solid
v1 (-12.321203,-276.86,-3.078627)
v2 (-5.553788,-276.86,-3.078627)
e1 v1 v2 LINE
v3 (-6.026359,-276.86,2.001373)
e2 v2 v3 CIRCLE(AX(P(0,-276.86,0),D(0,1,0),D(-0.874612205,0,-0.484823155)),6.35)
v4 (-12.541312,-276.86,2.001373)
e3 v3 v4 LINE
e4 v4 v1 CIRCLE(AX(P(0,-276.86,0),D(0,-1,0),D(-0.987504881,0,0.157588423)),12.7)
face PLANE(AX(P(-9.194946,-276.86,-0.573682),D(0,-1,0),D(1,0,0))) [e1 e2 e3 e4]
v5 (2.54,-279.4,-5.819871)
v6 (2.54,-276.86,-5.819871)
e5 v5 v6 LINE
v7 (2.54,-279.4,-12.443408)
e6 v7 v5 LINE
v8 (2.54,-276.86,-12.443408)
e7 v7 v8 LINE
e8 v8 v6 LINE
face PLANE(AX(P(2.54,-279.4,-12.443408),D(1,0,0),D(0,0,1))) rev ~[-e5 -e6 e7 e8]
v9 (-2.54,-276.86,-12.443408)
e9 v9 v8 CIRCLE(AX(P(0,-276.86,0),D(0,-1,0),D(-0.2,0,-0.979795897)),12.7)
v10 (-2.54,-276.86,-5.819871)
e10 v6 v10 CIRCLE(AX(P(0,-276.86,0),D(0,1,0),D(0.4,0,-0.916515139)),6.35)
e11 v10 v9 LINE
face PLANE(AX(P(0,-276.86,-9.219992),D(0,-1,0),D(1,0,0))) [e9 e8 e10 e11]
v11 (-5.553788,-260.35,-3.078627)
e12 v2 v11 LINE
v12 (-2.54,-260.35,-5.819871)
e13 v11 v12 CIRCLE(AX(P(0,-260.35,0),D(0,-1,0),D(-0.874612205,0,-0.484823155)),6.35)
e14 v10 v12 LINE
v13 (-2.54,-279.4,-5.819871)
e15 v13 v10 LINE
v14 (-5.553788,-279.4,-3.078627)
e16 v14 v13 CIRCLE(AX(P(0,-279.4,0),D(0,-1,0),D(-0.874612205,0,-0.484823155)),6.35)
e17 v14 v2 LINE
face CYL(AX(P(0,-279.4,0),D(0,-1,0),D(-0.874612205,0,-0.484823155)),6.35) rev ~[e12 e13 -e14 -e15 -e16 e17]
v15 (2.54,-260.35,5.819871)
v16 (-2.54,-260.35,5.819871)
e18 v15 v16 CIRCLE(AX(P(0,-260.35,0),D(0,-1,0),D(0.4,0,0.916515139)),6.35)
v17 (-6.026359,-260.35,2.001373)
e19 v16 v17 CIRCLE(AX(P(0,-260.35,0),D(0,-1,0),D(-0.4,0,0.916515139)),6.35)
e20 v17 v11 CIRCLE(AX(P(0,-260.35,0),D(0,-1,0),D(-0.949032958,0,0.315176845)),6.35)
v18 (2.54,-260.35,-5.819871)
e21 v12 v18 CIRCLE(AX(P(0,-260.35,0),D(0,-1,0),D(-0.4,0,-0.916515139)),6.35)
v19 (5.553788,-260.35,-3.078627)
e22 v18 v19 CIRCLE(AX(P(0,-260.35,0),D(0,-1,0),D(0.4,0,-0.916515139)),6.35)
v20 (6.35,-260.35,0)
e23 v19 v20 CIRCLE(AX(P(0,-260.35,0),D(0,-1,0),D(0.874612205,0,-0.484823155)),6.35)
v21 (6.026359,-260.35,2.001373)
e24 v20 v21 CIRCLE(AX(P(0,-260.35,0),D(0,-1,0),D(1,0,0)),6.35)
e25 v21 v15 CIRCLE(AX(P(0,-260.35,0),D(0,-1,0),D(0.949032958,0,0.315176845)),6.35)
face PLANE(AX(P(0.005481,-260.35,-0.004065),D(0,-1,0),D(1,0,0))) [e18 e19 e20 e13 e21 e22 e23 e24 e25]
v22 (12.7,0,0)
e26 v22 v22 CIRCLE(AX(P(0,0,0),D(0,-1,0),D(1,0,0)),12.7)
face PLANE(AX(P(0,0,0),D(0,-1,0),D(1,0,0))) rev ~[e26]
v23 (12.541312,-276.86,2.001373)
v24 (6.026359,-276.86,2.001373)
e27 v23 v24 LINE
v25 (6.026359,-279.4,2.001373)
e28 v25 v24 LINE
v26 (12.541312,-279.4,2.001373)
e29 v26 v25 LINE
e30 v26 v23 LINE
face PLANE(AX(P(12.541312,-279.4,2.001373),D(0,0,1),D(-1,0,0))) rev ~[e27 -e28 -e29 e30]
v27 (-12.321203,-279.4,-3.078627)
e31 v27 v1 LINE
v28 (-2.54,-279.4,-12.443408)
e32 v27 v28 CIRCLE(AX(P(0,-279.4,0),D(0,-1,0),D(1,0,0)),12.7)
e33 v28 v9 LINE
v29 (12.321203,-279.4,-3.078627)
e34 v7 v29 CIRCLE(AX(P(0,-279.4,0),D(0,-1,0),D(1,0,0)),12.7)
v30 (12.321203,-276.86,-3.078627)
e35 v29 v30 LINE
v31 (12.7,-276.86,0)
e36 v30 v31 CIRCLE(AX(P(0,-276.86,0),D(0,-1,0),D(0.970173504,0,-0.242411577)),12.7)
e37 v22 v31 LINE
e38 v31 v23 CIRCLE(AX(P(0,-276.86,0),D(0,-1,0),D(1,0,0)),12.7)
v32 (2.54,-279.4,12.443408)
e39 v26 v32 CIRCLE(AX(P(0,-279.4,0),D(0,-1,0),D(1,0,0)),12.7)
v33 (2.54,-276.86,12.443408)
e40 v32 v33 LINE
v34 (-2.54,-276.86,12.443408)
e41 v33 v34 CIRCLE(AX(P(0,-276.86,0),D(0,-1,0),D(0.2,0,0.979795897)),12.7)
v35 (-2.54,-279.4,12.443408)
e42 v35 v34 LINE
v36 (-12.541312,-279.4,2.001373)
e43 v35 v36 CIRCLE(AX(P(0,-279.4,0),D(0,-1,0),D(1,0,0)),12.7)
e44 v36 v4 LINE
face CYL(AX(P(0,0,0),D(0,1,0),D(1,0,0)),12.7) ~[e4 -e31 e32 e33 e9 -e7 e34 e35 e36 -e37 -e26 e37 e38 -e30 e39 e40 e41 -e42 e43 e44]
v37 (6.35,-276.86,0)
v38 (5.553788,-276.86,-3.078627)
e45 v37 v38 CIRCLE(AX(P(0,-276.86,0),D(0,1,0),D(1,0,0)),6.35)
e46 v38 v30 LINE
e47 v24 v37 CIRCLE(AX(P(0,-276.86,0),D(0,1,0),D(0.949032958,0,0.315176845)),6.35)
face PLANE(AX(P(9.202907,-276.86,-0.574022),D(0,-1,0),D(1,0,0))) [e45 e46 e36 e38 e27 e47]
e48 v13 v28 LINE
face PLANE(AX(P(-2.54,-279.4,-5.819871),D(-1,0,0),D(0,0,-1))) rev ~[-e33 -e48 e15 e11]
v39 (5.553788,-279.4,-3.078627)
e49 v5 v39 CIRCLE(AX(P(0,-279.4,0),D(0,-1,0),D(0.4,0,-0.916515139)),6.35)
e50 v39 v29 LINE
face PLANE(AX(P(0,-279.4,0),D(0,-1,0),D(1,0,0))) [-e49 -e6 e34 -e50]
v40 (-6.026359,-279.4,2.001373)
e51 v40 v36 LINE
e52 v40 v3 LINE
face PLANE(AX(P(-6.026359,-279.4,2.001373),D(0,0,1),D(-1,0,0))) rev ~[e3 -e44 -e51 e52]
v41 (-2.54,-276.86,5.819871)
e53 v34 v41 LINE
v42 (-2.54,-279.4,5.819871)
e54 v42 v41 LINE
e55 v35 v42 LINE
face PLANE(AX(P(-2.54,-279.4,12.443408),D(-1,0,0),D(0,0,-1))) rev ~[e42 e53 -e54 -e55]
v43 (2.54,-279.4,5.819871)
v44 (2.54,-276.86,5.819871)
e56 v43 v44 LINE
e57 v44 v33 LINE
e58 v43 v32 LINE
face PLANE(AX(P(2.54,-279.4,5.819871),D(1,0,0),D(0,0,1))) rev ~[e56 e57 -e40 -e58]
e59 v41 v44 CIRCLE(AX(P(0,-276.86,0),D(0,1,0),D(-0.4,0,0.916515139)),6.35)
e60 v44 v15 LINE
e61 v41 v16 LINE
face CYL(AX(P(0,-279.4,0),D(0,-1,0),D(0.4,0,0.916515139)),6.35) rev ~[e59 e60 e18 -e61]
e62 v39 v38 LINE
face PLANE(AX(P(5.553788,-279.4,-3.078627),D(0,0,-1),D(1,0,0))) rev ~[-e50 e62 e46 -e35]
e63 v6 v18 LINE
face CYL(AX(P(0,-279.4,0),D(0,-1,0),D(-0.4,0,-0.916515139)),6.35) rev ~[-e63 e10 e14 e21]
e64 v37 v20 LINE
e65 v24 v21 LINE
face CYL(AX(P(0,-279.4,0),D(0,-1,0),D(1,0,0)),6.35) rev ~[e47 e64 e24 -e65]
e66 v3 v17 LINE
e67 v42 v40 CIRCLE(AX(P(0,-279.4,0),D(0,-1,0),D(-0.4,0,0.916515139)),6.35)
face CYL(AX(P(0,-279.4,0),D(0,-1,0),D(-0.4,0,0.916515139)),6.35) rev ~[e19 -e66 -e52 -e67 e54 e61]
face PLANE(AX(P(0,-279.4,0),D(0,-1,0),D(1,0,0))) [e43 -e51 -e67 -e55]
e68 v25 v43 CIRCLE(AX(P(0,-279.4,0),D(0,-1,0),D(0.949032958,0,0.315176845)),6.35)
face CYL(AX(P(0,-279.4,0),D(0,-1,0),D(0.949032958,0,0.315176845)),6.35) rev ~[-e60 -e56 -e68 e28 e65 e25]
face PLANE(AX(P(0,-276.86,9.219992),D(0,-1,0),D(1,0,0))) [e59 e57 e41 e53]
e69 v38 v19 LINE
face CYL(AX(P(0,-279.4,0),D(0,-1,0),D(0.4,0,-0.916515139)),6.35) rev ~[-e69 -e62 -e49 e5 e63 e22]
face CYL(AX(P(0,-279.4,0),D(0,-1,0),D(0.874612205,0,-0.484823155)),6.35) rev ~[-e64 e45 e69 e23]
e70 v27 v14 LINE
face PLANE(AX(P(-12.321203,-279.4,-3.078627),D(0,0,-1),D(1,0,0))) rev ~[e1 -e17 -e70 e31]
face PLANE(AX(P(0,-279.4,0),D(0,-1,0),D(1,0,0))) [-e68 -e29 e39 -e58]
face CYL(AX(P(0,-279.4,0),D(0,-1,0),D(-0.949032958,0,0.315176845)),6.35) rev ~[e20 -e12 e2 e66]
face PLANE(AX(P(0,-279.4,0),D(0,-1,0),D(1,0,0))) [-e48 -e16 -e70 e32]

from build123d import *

# Parameters (mm, degrees)
F0_R     = 12.7
F1_DEPTH = 279.4
F3_DEPTH = 2.54
F4_DEPTH = 19.05


with BuildPart() as f1:
    # F0 (on Front) → F1 (new body)
    with BuildSketch(Plane.XZ):
        Circle(F0_R)
    extrude(amount=F1_DEPTH)

    # F2 (on face) → F3 (cut)
    with BuildSketch(Plane.XZ.offset(279.4)):
        with BuildLine():
            ThreePointArc((-5.5537875001, -3.0786270322), (-6.3227011551, -0.5881752316), (-6.026359286, 2.0013729678))
            Line((-6.026359286, 2.0013729678), (-12.5413119826, 2.0013729678))
            ThreePointArc((-12.5413119826, 2.0013729678), (-12.6880955617, -0.549755415), (-12.3212034963, -3.0786270322))
            Line((-12.3212034963, -3.0786270322), (-5.5537875001, -3.0786270322))
        make_face()
        with BuildLine():
            ThreePointArc((-2.54, 5.8198711326), (0, 6.35), (2.54, 5.8198711326))
            Line((2.54, 5.8198711326), (2.54, 12.4434078933))
            ThreePointArc((2.54, 12.4434078933), (0, 12.7), (-2.54, 12.4434078933))
            Line((-2.54, 12.4434078933), (-2.54, 5.8198711326))
        make_face()
        with BuildLine():
            ThreePointArc((6.026359286, 2.0013729678), (6.2685676779, 1.0136859805), (6.35, 0))
            ThreePointArc((6.35, 0), (6.1477252145, -1.589960593), (5.5537875001, -3.0786270322))
            Line((5.5537875001, -3.0786270322), (12.3212034963, -3.0786270322))
            ThreePointArc((12.3212034963, -3.0786270322), (12.6049451487, -1.5509215966), (12.7, 0))
            ThreePointArc((12.7, 0), (12.660265838, 1.0038271319), (12.5413119826, 2.0013729678))
            Line((12.5413119826, 2.0013729678), (6.026359286, 2.0013729678))
        make_face()
        with BuildLine():
            Line((2.54, -12.4434078933), (2.54, -5.8198711326))
            ThreePointArc((2.54, -5.8198711326), (0, -6.35), (-2.54, -5.8198711326))
            Line((-2.54, -5.8198711326), (-2.54, -12.4434078933))
            ThreePointArc((-2.54, -12.4434078933), (0, -12.7), (2.54, -12.4434078933))
        make_face()
    extrude(amount=-F3_DEPTH, mode=Mode.SUBTRACT)

    # F2 (on face) → F4 (cut)
    with BuildSketch(Plane.XZ.offset(279.4)):
        with BuildLine():
            ThreePointArc((5.5537875001, -3.0786270322), (6.1477252145, -1.589960593), (6.35, 0))
            ThreePointArc((6.35, 0), (6.2685676779, 1.0136859805), (6.026359286, 2.0013729678))
            ThreePointArc((6.026359286, 2.0013729678), (4.689441322, 4.2815464598), (2.54, 5.8198711326))
            ThreePointArc((2.54, 5.8198711326), (0, 6.35), (-2.54, 5.8198711326))
            ThreePointArc((-2.54, 5.8198711326), (-4.689441322, 4.2815464598), (-6.026359286, 2.0013729678))
            ThreePointArc((-6.026359286, 2.0013729678), (-6.3227011551, -0.5881752316), (-5.5537875001, -3.0786270322))
            ThreePointArc((-5.5537875001, -3.0786270322), (-4.2726986588, -4.6975042492), (-2.54, -5.8198711326))
            ThreePointArc((-2.54, -5.8198711326), (0, -6.35), (2.54, -5.8198711326))
            ThreePointArc((2.54, -5.8198711326), (4.2726986588, -4.6975042492), (5.5537875001, -3.0786270322))
        make_face()
    extrude(amount=-F4_DEPTH, mode=Mode.SUBTRACT)


solid = f1.part
